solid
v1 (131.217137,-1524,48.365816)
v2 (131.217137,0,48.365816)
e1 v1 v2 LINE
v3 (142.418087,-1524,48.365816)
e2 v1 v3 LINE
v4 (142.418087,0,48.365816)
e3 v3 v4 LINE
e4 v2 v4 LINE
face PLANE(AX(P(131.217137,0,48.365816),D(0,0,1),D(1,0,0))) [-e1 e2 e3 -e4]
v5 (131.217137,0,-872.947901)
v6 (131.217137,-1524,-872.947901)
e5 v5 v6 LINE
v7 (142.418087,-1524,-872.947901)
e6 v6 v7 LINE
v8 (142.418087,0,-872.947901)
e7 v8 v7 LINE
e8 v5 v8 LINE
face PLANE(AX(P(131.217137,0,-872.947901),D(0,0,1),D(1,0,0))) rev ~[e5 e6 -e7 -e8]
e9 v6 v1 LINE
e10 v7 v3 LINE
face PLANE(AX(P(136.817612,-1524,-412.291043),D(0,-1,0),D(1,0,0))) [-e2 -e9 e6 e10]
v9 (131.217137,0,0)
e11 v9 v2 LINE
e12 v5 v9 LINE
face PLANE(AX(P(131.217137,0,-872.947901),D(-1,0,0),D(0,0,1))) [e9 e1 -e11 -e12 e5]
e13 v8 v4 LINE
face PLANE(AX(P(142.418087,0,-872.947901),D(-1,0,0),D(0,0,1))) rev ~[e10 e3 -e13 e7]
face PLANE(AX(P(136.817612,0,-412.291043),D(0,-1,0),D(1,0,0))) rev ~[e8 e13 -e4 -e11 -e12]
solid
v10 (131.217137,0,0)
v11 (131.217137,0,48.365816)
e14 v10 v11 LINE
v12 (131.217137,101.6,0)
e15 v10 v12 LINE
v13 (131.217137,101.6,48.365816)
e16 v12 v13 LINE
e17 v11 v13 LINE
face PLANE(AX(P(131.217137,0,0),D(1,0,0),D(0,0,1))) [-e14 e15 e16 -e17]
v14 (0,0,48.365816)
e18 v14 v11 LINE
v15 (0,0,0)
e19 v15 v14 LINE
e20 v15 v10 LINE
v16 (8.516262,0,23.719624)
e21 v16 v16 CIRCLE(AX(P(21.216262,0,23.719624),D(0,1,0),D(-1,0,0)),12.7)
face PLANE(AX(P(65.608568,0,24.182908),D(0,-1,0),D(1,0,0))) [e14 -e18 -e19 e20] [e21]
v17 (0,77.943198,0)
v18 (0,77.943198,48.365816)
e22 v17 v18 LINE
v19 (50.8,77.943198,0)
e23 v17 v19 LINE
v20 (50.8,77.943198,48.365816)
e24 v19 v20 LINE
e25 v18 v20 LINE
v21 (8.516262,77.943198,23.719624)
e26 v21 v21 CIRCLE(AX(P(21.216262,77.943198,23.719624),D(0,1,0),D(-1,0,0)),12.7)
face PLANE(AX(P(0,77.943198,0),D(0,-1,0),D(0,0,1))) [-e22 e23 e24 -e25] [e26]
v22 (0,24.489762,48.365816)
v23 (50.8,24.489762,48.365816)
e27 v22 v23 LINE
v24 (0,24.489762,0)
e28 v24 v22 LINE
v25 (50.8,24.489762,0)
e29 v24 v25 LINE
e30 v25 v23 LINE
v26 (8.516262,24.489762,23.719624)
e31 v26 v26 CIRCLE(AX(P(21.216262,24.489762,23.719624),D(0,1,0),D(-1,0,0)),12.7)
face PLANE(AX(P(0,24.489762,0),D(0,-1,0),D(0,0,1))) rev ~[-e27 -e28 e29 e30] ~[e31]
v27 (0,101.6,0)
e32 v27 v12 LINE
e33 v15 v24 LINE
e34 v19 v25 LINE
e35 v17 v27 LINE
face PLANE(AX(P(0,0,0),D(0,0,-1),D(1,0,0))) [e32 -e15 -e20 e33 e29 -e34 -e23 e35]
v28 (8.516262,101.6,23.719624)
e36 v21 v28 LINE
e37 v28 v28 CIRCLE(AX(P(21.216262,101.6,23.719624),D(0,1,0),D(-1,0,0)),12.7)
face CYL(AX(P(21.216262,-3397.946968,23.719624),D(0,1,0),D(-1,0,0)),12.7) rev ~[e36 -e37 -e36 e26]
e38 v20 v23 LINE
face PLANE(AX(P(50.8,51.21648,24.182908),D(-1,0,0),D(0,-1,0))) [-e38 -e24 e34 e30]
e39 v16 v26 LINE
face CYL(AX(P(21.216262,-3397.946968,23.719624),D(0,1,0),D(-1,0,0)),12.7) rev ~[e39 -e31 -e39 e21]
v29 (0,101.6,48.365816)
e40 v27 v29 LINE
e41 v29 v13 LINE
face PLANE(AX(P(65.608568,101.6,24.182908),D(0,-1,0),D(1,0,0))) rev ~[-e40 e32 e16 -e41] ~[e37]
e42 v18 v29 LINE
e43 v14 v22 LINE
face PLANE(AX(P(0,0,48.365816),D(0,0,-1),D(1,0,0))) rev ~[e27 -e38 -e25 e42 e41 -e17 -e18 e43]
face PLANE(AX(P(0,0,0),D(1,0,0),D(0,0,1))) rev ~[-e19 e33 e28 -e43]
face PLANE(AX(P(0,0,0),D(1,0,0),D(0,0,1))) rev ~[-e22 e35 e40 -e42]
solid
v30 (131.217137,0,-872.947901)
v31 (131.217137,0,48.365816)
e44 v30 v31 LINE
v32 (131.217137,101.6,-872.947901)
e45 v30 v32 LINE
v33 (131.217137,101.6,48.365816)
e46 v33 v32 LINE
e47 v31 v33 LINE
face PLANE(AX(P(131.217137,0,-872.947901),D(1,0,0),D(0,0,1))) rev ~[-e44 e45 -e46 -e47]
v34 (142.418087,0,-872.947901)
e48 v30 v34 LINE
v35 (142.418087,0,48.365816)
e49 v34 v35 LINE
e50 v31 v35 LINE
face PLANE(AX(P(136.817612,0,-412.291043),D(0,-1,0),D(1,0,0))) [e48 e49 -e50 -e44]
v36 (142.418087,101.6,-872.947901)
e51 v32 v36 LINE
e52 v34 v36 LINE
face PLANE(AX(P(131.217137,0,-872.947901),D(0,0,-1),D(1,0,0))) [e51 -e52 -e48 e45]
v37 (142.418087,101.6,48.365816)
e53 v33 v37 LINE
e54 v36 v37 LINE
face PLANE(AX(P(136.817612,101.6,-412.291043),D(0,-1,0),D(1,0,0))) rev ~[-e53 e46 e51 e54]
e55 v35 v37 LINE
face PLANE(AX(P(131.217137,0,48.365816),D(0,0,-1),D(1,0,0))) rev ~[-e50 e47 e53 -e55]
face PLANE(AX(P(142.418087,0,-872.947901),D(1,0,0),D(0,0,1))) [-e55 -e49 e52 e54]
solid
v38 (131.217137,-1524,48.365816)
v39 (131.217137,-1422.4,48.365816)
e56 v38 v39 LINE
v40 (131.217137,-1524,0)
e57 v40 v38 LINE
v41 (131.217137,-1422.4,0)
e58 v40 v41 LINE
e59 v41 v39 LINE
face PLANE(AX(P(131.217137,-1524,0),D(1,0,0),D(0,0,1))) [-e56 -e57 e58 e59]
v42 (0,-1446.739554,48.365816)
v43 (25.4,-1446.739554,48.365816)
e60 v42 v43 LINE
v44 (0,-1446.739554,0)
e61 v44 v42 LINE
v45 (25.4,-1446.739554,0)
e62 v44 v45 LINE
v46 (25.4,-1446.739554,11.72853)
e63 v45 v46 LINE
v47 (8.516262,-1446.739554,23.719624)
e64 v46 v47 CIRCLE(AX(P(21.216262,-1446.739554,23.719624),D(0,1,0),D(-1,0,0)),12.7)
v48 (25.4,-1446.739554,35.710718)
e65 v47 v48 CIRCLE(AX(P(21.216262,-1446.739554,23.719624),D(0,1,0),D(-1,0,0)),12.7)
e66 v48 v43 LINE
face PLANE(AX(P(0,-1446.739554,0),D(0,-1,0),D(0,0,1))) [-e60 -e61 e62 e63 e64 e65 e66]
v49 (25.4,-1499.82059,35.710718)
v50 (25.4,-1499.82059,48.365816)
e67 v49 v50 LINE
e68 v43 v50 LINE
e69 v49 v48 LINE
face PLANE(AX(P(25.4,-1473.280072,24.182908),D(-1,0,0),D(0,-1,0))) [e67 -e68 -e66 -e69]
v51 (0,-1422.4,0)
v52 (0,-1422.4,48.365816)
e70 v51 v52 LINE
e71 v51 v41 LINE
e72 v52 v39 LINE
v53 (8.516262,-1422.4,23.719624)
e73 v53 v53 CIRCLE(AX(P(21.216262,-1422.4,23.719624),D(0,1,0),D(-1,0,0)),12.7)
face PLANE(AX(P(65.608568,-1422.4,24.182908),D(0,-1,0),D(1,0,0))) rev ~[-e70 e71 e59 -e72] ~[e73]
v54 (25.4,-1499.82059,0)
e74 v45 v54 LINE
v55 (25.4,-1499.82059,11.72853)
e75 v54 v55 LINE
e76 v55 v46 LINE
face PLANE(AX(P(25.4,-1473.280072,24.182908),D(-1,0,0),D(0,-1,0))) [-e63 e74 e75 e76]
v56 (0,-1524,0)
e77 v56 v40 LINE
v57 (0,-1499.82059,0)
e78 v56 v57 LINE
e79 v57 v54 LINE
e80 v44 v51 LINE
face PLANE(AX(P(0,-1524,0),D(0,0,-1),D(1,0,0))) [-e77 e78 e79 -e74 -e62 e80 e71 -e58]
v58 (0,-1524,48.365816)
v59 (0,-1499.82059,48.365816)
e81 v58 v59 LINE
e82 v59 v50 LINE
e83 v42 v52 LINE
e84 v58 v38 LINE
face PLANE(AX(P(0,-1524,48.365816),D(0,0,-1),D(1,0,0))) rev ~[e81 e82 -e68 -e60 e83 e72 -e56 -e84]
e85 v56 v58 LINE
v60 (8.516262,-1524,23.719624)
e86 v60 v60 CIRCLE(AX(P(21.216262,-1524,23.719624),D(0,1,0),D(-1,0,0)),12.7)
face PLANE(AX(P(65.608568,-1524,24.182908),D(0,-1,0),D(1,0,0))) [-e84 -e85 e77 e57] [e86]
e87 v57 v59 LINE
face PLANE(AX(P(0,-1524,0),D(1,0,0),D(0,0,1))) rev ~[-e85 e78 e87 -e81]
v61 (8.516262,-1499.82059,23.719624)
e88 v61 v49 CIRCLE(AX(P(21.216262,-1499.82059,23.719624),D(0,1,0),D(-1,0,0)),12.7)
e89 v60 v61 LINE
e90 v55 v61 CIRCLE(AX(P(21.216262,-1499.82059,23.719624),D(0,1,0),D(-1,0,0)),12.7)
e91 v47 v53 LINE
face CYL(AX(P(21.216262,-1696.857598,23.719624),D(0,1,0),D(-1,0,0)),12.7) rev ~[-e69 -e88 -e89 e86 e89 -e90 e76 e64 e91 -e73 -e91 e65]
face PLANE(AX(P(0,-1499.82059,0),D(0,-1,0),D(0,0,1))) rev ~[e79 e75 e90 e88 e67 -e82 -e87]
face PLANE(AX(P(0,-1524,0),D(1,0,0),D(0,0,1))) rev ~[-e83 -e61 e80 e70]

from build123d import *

# Parameters (mm, degrees)
F0_W      = 131.2171369791
F0_H      = 48.365816474
F1_DEPTH  = 101.6
F2_W      = 11.2009495497
F2_H      = 921.3137179613
F3_DEPTH  = 1524
F4_DEPTH  = 101.6
F5_DEPTH  = 101.6
F6_W      = 131.2171369791
F6_H      = 48.365816474
F7_DEPTH  = 101.6
F8_W      = 53.081035614
F8_H      = 48.365816474
F9_DEPTH  = 25.4
F11_D     = 25.4
F11_2_D   = 25.4
F12_W     = 53.4534361213
F12_H     = 48.365816474
F13_DEPTH = 50.8


with BuildPart() as f1:
    # F0 (on Front) → F1 (new body)
    with BuildSketch(Plane.XZ):
        with Locations((65.6085684896, 24.182908237)):
            Rectangle(F0_W, F0_H)
    extrude(amount=-F1_DEPTH)



with BuildPart() as f3:
    # F2 (on face) → F3 (new body)
    with BuildSketch(Plane.XZ):
        with Locations((136.8176117539, -412.2910425067)):
            Rectangle(F2_W, F2_H)
    extrude(amount=F3_DEPTH)


with BuildPart() as f1_1:
    add(f1.part)
    # F4 (add): a face of the model
    f4_faces = [f3.part.faces().sort_by_distance(p)[0] for p in [
        (136.8176117539, 0, -412.2910425067),
    ]]

    add(f3.part)  # F4 merges F3
    extrude(f4_faces, amount=-F4_DEPTH)


with BuildPart() as f5:
    # F5 (new): a face of the model
    f5_faces = [f1_1.part.faces().sort_by_distance(p)[0] for p in [
        (136.8176117539, 0, -412.2910425067),
    ]]
    extrude(f5_faces, amount=F5_DEPTH)


with BuildPart() as f7:
    # F6 (on face) → F7 (new body)
    with BuildSketch(Plane.XZ.offset(1524)):
        with Locations((65.6085684896, 24.182908237)):
            Rectangle(F6_W, F6_H)
    extrude(amount=-F7_DEPTH)

    # F8 (on face) → F9 (cut)
    with BuildSketch(Plane(origin=(0, 0, 0), x_dir=(0, -1, 0), z_dir=(-1, 0, 0))):
        with Locations((1473.2800722122, 24.182908237)):
            Rectangle(F8_W, F8_H)
    extrude(amount=-F9_DEPTH, mode=Mode.SUBTRACT)

    # F11#2 (through all)
    with Locations(Plane.XZ.offset(1524)):
        with Locations((21.2162621319, 23.7196236849)):
            Hole(F11_2_D / 2)


with BuildPart() as f1_2:
    add(f1_1.part)

    # F11 (through all)
    with Locations(Plane.XZ.offset(1524)):
        with Locations((21.2162621319, 23.7196236849)):
            Hole(F11_D / 2)

    # F12 (on face) → F13 (cut)
    with BuildSketch(Plane(origin=(0, 0, 0), x_dir=(0, -1, 0), z_dir=(-1, 0, 0))):
        with Locations((-51.2164803222, 24.182908237)):
            Rectangle(F12_W, F12_H)
    extrude(amount=-F13_DEPTH, mode=Mode.SUBTRACT)


solid = Compound([f5.part, f7.part, f1_2.part])
